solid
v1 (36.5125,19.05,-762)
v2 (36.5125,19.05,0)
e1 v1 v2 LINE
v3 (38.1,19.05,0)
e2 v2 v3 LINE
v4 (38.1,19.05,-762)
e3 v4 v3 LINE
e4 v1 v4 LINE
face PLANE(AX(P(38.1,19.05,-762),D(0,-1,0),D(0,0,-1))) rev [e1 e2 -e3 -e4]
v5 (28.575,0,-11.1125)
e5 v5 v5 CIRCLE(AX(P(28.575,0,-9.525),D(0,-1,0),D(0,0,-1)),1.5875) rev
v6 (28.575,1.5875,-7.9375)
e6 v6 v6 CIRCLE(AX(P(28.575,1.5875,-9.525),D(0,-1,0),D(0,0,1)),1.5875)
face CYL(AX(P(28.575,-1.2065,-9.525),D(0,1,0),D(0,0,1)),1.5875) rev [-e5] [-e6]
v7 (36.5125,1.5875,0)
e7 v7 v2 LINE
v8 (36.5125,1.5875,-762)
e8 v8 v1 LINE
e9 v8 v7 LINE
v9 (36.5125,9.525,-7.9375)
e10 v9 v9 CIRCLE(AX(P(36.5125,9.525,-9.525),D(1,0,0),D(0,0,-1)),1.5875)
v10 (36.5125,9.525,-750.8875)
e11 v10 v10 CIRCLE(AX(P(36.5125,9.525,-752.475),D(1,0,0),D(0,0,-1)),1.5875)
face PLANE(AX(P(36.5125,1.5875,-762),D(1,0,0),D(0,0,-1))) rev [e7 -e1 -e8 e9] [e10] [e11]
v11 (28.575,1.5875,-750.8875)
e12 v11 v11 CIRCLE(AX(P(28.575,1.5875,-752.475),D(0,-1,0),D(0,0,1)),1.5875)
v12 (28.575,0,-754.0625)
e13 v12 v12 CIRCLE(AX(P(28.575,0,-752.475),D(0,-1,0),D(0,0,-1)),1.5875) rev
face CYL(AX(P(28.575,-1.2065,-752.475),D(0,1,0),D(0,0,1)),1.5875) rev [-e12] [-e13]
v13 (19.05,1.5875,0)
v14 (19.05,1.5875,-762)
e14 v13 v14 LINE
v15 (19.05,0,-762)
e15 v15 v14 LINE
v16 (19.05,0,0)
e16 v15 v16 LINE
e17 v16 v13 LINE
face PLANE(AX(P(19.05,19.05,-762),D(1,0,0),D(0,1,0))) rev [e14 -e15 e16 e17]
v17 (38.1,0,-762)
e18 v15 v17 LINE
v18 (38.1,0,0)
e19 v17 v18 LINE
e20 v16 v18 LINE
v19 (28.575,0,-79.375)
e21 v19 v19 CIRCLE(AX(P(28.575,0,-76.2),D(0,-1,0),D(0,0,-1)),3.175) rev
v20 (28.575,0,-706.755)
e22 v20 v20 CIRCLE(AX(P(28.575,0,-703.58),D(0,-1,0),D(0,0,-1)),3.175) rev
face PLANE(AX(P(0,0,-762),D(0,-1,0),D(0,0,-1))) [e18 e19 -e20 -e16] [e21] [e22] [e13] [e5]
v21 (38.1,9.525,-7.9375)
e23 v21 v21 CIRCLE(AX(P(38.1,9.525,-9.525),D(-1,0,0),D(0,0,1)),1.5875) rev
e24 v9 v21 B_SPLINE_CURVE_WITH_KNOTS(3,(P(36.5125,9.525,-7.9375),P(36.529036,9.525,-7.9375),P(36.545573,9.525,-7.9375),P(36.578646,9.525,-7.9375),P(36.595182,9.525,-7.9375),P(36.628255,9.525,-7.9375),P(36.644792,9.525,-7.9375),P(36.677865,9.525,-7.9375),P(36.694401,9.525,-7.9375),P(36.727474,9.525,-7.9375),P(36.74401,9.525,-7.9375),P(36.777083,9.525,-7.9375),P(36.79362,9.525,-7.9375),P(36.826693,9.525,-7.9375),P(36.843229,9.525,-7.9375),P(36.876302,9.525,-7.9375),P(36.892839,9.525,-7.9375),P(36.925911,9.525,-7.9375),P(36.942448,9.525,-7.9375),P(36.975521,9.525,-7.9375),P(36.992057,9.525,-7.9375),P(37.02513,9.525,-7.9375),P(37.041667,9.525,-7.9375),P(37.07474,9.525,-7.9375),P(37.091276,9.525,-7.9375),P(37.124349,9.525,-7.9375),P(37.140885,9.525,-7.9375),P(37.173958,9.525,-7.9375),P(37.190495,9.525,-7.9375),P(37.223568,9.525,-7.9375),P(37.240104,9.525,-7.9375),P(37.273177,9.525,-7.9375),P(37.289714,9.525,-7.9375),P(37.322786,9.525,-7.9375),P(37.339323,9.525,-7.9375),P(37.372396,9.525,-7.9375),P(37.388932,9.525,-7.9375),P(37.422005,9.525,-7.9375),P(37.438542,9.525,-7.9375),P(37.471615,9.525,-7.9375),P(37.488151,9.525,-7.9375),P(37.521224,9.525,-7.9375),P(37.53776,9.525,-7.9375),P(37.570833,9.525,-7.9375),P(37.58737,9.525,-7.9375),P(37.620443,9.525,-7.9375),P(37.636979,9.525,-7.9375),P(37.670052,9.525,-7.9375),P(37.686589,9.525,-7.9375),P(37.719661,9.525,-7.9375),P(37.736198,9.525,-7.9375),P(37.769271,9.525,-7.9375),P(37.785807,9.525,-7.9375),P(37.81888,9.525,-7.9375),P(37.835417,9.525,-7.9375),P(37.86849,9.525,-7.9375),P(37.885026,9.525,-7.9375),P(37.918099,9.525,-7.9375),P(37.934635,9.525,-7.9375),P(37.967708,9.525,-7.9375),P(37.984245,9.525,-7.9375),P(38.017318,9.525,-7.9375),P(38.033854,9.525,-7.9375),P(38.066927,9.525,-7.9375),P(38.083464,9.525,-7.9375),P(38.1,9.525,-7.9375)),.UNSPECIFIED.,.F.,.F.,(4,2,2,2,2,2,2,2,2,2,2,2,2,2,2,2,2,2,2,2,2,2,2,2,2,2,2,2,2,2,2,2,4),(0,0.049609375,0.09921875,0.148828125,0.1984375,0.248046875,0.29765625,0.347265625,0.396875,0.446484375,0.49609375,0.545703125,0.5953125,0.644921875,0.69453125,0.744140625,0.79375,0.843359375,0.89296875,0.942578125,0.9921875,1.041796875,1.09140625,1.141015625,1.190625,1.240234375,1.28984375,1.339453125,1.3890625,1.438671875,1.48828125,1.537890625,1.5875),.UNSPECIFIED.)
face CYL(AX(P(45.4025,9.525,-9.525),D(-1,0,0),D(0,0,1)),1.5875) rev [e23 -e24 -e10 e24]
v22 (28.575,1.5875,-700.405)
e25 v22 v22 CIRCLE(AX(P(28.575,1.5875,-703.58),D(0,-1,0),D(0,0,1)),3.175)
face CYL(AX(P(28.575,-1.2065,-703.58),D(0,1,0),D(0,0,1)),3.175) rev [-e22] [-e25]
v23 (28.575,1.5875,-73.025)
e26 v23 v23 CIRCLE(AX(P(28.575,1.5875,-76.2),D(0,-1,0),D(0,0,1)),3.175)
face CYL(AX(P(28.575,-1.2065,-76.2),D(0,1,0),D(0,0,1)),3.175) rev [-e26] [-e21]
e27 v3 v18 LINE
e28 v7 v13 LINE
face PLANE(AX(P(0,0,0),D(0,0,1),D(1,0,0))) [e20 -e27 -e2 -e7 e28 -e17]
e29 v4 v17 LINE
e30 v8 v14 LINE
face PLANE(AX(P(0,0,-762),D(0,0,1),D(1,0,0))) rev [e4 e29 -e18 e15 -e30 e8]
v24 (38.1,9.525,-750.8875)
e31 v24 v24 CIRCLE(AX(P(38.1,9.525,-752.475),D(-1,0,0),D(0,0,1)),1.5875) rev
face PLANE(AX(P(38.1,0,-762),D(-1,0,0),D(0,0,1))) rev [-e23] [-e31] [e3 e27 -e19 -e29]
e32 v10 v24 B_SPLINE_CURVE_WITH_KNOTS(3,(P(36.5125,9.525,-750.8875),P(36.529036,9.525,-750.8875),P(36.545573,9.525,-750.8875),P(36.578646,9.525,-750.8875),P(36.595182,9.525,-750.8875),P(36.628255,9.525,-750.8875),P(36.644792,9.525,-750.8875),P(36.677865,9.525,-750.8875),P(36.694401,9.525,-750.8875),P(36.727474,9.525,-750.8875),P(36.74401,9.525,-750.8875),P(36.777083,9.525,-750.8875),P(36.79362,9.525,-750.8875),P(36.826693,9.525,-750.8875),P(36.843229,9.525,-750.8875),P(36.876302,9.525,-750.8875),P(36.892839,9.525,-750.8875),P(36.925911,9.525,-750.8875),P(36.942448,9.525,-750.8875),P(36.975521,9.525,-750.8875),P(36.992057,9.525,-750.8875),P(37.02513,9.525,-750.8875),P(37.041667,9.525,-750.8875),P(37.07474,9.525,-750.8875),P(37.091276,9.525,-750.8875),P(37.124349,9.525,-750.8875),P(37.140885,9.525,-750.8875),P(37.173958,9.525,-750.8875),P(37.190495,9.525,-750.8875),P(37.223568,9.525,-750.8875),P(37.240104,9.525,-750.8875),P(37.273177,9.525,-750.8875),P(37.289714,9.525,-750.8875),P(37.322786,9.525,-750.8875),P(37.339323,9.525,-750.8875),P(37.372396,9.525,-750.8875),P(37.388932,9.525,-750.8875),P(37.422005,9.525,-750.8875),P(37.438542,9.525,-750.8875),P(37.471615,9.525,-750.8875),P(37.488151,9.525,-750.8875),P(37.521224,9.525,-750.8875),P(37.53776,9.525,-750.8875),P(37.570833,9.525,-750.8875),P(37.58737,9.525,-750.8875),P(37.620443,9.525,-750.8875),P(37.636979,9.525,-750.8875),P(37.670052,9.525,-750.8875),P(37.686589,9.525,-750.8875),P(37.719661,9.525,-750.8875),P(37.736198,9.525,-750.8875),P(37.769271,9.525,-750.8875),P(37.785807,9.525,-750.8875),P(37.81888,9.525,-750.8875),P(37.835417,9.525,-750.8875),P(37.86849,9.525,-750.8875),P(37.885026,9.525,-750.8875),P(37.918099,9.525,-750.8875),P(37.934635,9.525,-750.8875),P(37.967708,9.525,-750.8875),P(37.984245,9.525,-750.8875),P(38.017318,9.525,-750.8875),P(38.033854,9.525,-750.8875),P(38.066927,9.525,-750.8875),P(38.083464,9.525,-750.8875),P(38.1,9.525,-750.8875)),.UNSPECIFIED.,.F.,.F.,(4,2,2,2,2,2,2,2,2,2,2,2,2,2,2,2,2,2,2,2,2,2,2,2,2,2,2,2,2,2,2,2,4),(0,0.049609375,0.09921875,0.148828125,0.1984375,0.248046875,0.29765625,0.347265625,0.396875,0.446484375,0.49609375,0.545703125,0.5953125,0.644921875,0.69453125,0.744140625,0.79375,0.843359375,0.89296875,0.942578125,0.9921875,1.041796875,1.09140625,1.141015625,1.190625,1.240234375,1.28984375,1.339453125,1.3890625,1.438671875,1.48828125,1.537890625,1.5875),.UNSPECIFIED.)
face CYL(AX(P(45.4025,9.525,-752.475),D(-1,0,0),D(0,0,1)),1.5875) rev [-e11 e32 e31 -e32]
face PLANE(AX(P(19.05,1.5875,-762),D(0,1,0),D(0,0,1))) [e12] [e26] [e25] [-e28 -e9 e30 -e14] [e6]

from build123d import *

# Parameters (mm, degrees)
BOSS_EXTRUDE1_DEPTH = 762
SKETCH2_R           = 1.5875
SKETCH2_R_2         = 3.175
CUT_EXTRUDE2_DEPTH  = 2.794
SKETCH4_R           = 1.5875
CUT_EXTRUDE3_DEPTH  = 8.89
SKETCH5_W           = 19.05
SKETCH5_H           = 19.05
CUT_EXTRUDE4_DEPTH  = 764.189696275


with BuildPart() as part:
    # Sketch1 → Boss-Extrude1 (new body)
    with BuildSketch(Plane.XY):
        Polygon((0, 0), (0, 19.05), (1.5875, 19.05), (1.5875, 1.5875), (19.05, 1.5875), (19.05, 0), align=None)
    boss_extrude1 = extrude(amount=-BOSS_EXTRUDE1_DEPTH)

    # Sketch2 → Cut-Extrude2 (cut)
    with BuildSketch(Plane(origin=(0, 1.5875, 0), x_dir=(1, 0, 0), z_dir=(0, 1, 0))):
        with Locations((9.525, 9.525)):
            Circle(SKETCH2_R)
        with Locations((9.525, 752.475)):
            Circle(SKETCH2_R)
        with Locations((9.525, 76.2)):
            Circle(SKETCH2_R_2)
        with Locations((9.525, 703.58)):
            Circle(SKETCH2_R_2)
    cut_extrude2 = extrude(amount=-CUT_EXTRUDE2_DEPTH, mode=Mode.SUBTRACT)

    # Sketch4 → Cut-Extrude3 (cut)
    with BuildSketch(Plane(origin=(1.5875, 0, 0), x_dir=(0, 0, -1), z_dir=(1, 0, 0))):
        with Locations((9.525, 9.525)):
            Circle(SKETCH4_R)
        with Locations((752.475, 9.525)):
            Circle(SKETCH4_R)
    cut_extrude3 = extrude(amount=-CUT_EXTRUDE3_DEPTH, mode=Mode.SUBTRACT)

    # Mirror1: Boss-Extrude1, Cut-Extrude2, Cut-Extrude3 across plane
    add(boss_extrude1.mirror(Plane(origin=(19.05, 0, -762), x_dir=(0, 0, 1), z_dir=(1, 0, 0))))
    add(cut_extrude2.mirror(Plane(origin=(19.05, 0, -762), x_dir=(0, 0, 1), z_dir=(1, 0, 0))), mode=Mode.SUBTRACT)
    add(cut_extrude3.mirror(Plane(origin=(19.05, 0, -762), x_dir=(0, 0, 1), z_dir=(1, 0, 0))), mode=Mode.SUBTRACT)

    # Sketch5 → Cut-Extrude4 (cut, through all)
    with BuildSketch(Plane.XY):
        with Locations((9.525, 9.525)):
            Rectangle(SKETCH5_W, SKETCH5_H)
    extrude(amount=-CUT_EXTRUDE4_DEPTH, mode=Mode.SUBTRACT)


solid = part.part
